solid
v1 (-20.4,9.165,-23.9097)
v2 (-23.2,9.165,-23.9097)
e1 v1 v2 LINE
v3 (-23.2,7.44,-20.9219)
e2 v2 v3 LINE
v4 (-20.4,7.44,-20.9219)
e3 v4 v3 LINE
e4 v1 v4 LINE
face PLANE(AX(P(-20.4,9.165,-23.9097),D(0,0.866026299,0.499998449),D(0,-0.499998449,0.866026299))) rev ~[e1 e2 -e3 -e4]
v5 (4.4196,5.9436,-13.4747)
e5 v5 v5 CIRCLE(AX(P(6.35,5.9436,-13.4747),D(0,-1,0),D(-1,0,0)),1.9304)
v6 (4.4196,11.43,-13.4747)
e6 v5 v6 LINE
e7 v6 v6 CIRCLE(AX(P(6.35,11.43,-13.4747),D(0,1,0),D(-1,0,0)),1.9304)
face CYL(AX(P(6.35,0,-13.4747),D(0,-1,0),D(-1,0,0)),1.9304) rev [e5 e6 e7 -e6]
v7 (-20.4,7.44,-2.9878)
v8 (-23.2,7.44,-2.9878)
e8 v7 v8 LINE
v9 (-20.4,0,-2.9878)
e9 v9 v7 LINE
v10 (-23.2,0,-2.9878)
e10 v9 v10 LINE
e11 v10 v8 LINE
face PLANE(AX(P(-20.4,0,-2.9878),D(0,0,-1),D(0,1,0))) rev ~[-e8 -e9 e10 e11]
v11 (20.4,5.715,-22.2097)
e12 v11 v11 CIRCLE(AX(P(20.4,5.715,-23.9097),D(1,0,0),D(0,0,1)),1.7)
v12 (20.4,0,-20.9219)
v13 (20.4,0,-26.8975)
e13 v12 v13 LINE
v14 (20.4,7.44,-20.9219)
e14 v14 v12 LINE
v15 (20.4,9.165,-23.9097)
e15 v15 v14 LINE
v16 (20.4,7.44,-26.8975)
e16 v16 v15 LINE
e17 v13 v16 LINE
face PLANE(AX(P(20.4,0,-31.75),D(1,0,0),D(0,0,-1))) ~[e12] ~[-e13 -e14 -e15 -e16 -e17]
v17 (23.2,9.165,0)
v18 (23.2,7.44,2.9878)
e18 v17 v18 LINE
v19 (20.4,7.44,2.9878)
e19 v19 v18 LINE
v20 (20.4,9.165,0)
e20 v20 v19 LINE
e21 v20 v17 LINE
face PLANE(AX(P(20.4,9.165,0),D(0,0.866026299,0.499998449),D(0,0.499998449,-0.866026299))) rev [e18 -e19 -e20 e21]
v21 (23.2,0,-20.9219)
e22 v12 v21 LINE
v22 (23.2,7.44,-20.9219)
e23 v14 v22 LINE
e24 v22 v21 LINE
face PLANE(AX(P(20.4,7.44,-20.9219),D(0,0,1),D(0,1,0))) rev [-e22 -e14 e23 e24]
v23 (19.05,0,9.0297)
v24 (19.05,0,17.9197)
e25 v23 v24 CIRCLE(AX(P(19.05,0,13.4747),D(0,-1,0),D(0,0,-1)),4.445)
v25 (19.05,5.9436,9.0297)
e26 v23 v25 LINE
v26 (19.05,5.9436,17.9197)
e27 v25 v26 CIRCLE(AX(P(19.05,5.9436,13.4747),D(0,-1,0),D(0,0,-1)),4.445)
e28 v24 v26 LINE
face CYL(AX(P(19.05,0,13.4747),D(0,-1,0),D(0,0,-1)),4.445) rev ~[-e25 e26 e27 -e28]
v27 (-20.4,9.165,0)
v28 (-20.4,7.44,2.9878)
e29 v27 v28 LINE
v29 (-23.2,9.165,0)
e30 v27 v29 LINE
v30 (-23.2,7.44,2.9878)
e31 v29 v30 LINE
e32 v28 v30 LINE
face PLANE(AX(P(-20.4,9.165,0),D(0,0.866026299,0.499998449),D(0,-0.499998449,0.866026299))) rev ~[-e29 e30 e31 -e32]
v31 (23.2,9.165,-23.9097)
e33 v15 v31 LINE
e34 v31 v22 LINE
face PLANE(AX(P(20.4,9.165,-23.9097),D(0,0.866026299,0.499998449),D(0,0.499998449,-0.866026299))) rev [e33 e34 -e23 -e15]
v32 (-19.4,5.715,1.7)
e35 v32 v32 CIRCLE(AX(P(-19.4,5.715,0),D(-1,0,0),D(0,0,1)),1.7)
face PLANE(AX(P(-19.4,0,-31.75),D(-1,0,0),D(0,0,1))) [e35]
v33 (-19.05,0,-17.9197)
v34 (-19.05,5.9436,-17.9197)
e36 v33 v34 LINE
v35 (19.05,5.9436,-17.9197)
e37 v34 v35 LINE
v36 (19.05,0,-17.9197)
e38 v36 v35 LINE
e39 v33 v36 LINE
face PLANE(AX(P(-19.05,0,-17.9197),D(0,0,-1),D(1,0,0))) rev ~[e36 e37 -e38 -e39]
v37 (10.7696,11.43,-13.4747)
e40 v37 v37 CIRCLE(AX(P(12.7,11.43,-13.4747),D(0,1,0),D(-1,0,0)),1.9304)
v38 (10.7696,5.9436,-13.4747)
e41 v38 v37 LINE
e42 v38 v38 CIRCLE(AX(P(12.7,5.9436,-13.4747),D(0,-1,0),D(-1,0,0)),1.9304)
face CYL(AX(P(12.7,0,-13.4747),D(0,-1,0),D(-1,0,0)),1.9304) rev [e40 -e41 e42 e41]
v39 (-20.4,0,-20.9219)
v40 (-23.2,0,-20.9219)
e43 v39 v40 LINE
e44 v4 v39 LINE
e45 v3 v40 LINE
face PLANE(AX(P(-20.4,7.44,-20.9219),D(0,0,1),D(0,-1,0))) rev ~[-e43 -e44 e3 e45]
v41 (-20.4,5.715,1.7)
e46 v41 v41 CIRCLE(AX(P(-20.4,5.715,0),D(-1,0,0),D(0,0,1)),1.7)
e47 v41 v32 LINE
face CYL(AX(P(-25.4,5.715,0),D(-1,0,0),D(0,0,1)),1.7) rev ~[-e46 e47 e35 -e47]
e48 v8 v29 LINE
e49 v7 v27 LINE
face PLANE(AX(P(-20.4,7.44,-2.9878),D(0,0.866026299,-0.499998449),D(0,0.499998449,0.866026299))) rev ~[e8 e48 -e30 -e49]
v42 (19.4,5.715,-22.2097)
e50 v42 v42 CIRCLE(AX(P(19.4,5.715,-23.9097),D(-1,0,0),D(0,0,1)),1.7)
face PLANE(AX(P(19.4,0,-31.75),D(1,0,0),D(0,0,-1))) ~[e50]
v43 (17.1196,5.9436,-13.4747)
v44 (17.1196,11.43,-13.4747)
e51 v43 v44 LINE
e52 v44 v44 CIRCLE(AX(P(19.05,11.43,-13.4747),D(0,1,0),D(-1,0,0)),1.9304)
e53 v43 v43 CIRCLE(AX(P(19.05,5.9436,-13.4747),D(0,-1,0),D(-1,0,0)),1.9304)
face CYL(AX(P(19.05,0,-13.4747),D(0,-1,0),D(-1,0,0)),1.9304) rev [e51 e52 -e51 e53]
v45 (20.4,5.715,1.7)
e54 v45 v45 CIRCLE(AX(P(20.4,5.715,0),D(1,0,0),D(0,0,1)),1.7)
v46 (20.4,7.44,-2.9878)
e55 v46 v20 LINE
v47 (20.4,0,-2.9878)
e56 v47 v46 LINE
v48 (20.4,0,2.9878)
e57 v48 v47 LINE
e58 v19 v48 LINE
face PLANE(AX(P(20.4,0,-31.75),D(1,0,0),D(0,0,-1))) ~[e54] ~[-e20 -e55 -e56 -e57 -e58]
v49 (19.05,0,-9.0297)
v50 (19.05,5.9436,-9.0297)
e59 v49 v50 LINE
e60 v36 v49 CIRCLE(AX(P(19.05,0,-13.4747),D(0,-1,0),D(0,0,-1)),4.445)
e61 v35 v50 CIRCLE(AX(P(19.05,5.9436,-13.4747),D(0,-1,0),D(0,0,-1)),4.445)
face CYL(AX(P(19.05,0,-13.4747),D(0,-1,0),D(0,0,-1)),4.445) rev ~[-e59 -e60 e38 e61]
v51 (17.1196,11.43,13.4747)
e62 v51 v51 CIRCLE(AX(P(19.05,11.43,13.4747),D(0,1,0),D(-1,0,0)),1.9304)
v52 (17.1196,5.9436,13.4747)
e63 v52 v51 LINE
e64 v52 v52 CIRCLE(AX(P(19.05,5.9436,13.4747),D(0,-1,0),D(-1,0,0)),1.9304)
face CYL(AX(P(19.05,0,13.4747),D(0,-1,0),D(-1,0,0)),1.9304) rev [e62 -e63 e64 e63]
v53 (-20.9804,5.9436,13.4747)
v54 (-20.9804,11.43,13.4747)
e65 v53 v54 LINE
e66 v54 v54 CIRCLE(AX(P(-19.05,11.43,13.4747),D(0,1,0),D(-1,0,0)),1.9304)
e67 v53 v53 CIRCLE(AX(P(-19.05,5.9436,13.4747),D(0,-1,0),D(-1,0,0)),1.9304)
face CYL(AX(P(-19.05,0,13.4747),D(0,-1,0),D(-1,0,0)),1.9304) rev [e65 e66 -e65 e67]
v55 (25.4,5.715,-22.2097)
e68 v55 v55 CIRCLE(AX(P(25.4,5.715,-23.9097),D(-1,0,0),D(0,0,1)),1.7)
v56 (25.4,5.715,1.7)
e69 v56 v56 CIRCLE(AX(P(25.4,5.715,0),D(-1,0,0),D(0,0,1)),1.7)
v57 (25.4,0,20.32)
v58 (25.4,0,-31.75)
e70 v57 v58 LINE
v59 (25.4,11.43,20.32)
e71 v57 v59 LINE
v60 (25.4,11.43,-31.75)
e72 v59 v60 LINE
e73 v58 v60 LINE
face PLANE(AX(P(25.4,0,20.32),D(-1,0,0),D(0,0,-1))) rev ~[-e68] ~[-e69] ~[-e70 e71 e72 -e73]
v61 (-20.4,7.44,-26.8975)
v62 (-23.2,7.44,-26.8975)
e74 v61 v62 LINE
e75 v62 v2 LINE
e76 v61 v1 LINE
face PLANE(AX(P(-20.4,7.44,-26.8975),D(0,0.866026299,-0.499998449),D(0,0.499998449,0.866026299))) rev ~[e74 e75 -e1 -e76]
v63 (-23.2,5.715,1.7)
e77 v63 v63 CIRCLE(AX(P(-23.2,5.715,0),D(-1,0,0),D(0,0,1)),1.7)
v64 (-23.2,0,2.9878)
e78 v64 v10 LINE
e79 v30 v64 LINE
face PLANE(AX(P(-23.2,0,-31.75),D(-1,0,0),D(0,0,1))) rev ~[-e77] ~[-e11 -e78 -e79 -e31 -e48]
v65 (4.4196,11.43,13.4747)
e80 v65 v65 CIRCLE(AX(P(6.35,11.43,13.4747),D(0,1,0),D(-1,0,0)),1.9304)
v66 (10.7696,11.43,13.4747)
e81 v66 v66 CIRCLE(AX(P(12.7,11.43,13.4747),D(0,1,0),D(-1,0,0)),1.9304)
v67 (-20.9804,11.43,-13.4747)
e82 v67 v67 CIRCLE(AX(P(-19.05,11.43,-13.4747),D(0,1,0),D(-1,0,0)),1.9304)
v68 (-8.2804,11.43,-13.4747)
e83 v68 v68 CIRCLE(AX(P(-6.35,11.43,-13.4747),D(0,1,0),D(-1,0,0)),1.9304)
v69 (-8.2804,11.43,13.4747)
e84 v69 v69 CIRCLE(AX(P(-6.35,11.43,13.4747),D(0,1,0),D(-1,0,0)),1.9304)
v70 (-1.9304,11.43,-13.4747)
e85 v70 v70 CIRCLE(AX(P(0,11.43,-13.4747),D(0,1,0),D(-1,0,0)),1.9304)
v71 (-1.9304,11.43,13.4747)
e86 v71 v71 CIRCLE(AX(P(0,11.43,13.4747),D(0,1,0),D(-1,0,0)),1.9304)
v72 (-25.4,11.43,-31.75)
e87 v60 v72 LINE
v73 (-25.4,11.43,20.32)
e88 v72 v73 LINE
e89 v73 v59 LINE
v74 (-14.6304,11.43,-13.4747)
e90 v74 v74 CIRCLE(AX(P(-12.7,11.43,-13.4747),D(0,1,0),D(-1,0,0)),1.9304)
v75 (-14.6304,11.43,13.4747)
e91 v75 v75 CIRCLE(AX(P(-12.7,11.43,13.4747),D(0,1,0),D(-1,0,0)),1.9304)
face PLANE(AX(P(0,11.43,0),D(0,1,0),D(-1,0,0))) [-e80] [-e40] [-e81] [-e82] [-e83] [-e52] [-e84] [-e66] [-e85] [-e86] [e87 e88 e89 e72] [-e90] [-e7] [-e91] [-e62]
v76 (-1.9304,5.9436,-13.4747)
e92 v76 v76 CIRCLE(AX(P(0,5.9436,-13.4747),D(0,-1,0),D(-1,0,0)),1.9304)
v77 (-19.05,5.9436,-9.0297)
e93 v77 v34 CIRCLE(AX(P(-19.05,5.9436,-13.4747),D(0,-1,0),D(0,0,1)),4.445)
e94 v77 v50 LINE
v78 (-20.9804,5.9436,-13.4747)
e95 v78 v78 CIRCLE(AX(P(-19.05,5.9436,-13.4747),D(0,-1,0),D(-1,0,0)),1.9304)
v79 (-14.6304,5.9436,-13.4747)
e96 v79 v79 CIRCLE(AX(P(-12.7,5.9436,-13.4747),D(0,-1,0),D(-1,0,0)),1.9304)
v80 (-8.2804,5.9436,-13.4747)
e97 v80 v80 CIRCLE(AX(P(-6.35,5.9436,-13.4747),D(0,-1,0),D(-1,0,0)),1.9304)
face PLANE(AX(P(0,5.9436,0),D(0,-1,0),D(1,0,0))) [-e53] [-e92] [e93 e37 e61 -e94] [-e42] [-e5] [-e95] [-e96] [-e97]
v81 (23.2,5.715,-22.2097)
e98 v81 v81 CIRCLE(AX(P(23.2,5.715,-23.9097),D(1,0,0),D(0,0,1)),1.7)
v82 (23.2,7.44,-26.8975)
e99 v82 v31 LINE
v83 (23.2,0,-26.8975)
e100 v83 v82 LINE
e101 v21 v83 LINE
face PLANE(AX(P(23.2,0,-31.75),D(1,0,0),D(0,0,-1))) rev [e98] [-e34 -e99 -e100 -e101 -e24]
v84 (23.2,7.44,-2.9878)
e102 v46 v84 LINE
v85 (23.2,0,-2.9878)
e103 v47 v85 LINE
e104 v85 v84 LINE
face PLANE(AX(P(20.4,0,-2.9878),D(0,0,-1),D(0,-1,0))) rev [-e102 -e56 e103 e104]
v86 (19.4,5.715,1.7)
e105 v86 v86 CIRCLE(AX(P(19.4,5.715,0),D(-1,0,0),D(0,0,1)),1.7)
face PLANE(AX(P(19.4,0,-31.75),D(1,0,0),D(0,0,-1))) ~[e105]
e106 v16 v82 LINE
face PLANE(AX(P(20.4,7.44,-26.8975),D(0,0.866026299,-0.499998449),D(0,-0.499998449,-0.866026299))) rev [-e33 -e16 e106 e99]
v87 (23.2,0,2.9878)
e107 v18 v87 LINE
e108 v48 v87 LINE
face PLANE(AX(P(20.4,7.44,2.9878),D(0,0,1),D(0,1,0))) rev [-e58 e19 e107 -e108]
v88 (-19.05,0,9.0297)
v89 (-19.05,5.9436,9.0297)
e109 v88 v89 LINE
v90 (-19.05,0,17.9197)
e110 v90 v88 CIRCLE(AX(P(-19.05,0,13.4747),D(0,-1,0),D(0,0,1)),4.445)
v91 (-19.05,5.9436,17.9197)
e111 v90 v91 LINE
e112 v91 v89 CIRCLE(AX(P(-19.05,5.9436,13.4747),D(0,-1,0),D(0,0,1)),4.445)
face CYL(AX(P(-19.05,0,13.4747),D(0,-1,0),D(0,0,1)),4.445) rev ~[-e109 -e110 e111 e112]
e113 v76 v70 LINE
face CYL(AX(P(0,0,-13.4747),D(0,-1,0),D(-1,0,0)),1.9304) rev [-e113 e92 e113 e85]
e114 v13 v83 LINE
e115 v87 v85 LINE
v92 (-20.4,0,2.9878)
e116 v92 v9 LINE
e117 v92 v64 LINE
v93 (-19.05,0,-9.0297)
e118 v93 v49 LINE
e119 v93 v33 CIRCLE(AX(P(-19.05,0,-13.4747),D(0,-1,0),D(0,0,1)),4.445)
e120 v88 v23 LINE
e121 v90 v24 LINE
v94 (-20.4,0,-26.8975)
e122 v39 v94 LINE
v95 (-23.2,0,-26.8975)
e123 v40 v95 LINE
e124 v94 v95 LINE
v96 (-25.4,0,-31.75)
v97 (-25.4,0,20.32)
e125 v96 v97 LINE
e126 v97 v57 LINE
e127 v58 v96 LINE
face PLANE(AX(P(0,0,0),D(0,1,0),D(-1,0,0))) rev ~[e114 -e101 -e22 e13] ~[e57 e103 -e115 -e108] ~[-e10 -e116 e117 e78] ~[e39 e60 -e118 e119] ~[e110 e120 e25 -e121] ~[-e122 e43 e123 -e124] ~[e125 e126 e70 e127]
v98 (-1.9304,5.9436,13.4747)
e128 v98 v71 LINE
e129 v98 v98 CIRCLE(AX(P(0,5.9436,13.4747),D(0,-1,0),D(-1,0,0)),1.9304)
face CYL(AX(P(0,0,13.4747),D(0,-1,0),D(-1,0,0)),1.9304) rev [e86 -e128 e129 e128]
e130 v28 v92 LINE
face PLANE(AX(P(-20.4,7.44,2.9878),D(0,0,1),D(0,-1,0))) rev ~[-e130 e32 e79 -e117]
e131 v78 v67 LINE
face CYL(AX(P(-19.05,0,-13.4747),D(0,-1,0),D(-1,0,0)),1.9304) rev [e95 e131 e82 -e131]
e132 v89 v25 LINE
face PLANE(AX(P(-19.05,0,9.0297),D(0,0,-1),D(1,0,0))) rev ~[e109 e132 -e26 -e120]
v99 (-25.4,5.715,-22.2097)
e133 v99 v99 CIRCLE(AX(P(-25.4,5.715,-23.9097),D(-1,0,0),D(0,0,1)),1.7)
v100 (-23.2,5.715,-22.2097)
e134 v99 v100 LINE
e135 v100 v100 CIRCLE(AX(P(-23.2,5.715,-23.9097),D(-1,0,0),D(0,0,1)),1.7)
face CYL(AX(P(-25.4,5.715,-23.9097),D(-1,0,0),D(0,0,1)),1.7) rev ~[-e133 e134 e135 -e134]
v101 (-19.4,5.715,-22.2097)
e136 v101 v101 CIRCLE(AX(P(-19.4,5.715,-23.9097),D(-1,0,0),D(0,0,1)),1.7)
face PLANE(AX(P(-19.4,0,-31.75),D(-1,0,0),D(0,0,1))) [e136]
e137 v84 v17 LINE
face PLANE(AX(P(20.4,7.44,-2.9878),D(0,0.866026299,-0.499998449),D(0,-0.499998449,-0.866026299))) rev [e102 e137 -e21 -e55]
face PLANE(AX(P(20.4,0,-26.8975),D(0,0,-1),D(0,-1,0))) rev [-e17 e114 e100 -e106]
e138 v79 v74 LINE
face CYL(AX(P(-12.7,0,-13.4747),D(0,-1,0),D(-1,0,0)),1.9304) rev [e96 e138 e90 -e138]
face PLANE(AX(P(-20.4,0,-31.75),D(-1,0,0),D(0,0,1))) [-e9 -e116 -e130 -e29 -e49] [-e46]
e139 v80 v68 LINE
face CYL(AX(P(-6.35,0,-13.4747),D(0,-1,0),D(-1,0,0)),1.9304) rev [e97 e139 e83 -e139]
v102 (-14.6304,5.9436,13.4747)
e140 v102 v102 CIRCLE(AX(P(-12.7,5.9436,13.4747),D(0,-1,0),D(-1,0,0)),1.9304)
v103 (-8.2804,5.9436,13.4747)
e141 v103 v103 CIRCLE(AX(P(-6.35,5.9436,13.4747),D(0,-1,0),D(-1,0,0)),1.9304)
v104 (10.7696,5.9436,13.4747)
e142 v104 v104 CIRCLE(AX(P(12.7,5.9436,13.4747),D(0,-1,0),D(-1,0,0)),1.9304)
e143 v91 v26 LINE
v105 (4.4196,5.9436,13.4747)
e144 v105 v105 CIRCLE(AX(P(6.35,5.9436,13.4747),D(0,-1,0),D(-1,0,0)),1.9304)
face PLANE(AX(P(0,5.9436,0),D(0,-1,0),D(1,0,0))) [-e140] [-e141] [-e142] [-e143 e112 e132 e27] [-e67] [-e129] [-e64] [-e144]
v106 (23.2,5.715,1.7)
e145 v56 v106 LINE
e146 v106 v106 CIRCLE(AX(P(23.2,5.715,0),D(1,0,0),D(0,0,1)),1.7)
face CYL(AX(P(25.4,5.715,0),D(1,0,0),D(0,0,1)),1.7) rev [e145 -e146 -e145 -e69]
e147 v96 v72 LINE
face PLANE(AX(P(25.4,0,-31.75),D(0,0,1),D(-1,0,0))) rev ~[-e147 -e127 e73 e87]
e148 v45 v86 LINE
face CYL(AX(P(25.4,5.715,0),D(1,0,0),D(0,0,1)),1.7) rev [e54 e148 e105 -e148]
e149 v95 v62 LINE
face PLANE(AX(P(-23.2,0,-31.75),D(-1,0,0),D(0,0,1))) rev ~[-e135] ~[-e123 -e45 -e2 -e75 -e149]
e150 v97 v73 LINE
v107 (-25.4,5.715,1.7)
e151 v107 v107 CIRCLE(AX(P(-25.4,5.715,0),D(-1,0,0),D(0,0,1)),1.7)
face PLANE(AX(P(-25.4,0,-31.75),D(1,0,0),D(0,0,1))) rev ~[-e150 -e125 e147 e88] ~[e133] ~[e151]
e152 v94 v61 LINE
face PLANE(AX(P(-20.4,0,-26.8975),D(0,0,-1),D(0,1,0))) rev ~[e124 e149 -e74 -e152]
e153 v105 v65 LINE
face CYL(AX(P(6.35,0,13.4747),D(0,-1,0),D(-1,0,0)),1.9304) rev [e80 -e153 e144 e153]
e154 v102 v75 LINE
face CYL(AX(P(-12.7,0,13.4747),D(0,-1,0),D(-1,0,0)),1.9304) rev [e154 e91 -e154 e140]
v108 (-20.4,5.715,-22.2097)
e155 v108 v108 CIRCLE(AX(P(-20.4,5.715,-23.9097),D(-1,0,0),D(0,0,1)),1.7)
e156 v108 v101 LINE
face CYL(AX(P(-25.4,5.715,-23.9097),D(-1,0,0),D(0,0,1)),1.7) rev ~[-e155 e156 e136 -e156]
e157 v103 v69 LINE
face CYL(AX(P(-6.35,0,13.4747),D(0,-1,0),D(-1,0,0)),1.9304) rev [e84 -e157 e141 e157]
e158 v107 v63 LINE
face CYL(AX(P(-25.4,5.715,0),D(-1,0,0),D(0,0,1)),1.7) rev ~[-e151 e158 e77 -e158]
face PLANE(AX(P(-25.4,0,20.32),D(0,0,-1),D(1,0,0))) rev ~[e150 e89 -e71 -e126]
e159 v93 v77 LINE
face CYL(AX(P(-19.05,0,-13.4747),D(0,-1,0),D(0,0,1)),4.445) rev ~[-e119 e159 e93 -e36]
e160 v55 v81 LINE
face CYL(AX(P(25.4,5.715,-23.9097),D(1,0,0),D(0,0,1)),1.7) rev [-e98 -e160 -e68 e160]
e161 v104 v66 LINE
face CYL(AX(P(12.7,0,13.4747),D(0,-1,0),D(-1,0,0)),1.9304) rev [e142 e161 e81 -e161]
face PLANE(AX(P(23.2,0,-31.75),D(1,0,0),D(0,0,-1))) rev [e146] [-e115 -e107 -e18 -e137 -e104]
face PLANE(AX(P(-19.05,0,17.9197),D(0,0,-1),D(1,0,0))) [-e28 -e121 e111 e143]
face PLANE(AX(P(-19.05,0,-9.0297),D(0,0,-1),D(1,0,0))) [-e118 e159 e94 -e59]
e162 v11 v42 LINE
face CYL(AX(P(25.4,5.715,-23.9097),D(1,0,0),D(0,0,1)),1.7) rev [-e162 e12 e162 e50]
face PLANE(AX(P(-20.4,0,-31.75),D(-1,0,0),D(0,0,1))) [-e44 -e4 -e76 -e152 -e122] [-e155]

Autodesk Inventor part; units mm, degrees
ref_plane "YZ Plane" through (0, 0, 0) normal (1, 0, 0) x (0, 1, 0)
ref_plane "XZ Plane" through (0, 0, 0) normal (0, 1, 0) x (-1, 0, 0)
ref_plane "XY Plane" through (0, 0, 0) normal (0, 0, 1) x (1, 0, 0)
sketch "Sketch1" plane through (0, 0, 0) normal (0, 1, 0) x (-1, 0, 0)
  line L0 (-25.4, 20.32) -> (-25.4, -31.75)
  line L1 (-25.4, -31.75) -> (25.4, -31.75)
  line L2 (25.4, -31.75) -> (25.4, 20.32)
  line L3 (25.4, 31.75) -> (-25.4, -31.75) construction
  line L4 (-25.4, 31.75) -> (25.4, -31.75) construction
  line L5 (15.875, 13.4747) -> (-15.875, 13.4747) construction
  line L6 (-15.875, -13.4747) -> (15.875, -13.4747) construction
  line L7 (25.4, 20.32) -> (-25.4, 20.32)
  circle A0 centre (0, 13.4747) radius 1.9304
  circle A1 centre (0, -13.4747) radius 1.9304
  circle A2 centre (6.35, 13.4747) radius 1.9304
  circle A3 centre (6.35, -13.4747) radius 1.9304
  circle A4 centre (12.7, 13.4747) radius 1.9304
  circle A5 centre (12.7, -13.4747) radius 1.9304
  circle A6 centre (19.05, 13.4747) radius 1.9304
  circle A7 centre (19.05, -13.4747) radius 1.9304
  circle A8 centre (-6.35, -13.4747) radius 1.9304
  circle A9 centre (-6.35, 13.4747) radius 1.9304
  circle A10 centre (-12.7, -13.4747) radius 1.9304
  circle A11 centre (-12.7, 13.4747) radius 1.9304
  circle A12 centre (-19.05, -13.4747) radius 1.9304
  circle A13 centre (-19.05, 13.4747) radius 1.9304
  point P0 (0, 0)
  dimension "d0" = 50.8
  dimension "d2" = 26.9494
  dimension "d3" = 13.4747
  dimension "d4" = 26.9494
  dimension "d7" = 9.525
  dimension "d49" = 6.8453
  dimension "d50" = 3.8608
  dimension "d51" = 3.8608
  dimension "d54" = 6.35
  dimension "d64" = 6.35
extrude "Extrusion1" add sketch "Sketch1" along normal blind 11.43
sketch "Sketch3" plane through (0, 0, 0) normal (0, -1, 0) x (1, 0, 0)
  line L0 (-15.875, -13.4747) -> (15.875, -13.4747) construction
  line L1 (-15.875, 13.4747) -> (15.875, 13.4747) construction
  circle A0 centre (19.05, 13.4747) radius 1.9304 projected
  arc A1 (19.05, 9.0297) -> (19.05, 17.9197) centre (19.05, 13.4747) ccw
  circle A2 centre (-19.05, 13.4747) radius 1.9304 projected
  arc A3 (-19.05, 17.9197) -> (-19.05, 9.0297) centre (-19.05, 13.4747) ccw
  line L2 (-19.05, 17.9197) -> (19.05, 17.9197)
  line L3 (-19.05, 9.0297) -> (19.05, 9.0297)
  circle A4 centre (19.05, -13.4747) radius 1.9304 projected
  arc A5 (19.05, -17.9197) -> (19.05, -9.0297) centre (19.05, -13.4747) ccw
  circle A6 centre (-19.05, -13.4747) radius 1.9304 projected
  arc A7 (-19.05, -9.0297) -> (-19.05, -17.9197) centre (-19.05, -13.4747) ccw
  line L4 (-19.05, -9.0297) -> (19.05, -9.0297)
  line L5 (-19.05, -17.9197) -> (19.05, -17.9197)
  point P0 (0, 0)
  point P1 (0, -13.4747)
  point P2 (0, 13.4747)
  dimension "d66" = 8.89
  dimension "d67" = 8.89
  dimension "d68" = 8.89
  dimension "d69" = 8.89
extrude "Extrusion3" cut sketch "Sketch3" against normal blind 5.9436
ref_plane "Work Plane2" through (-20.4, 0, -31.75) normal (-1, 0, 0) x (0, 0, 1)
sketch "Sketch5" plane through (-20.4, 0, -31.75) normal (-1, 0, 0) x (0, 0, 1)
  circle A0 centre (31.75, 5.715) radius 3.45 construction
  line L0 (52.07, 0) -> (0, 0) projected
  line L1 (52.07, 11.43) -> (0, 11.43) projected
  line L2 (0, 0) -> (0, 11.43) projected
  line L3 (28.7622, 0) -> (28.7622, 7.44)
  line L4 (28.7622, 7.44) -> (31.75, 9.165)
  line L5 (31.75, 9.165) -> (34.7378, 7.44)
  line L6 (34.7378, 7.44) -> (34.7378, 0)
  line L7 (28.7622, 0) -> (34.7378, 0)
  line L8 (13.8303, 0) -> (13.8303, 5.9436) construction
  line L9 (49.6697, 0) -> (49.6697, 5.9436) construction
  circle A1 centre (7.8403, 5.715) radius 3.45 construction
  line L10 (4.8525, 0) -> (4.8525, 7.44)
  line L11 (4.8525, 7.44) -> (7.8403, 9.165)
  line L12 (7.8403, 9.165) -> (10.8281, 7.44)
  line L13 (10.8281, 7.44) -> (10.8281, 0)
  line L14 (4.8525, 0) -> (10.8281, 0)
  circle A2 centre (7.8403, 5.715) radius 1.7
  circle A3 centre (31.75, 5.715) radius 1.7
  point P0 (31.75, 0)
  dimension "d24" = 6.9
  dimension "d26" = 5.715
  dimension "d29" = 6.9
  dimension "d31" = 5.99
  dimension "d33" = 5.715
  dimension "d37" = 3.4
  dimension "d38" = 3.4
  dimension "d48" = 31.75
extrude "Extrusion4" cut sketch "Sketch5" along normal blind 2.8 contours L0 L10 L11 L12 L13 | L0 L3 L4 L5 L6 | A2 | A3
sketch "Sketch6" plane through (-25.4, 0, -31.75) normal (-1, 0, 0) x (0, 0, 1)
  circle A0 centre (7.8403, 5.715) radius 1.7
  circle A1 centre (31.75, 5.715) radius 1.7
  line L0 (13.8303, 0) -> (13.8303, 5.9436) projected
  line L1 (63.5, 0) -> (63.5, 11.43) projected
  line L2 (49.6697, 0) -> (49.6697, 5.9436) projected
  point P0 (31.75, 0)
  dimension "d40" = 3.4
  dimension "d41" = 3.4
  dimension "d43" = 5.99
extrude "Extrusion5" cut sketch "Sketch6" against normal blind 6
ref_plane "Work Plane3" through (0, 0, -31.75) normal (-1, 0, 0) x (0, 0, 1)
mirror "Mirror1" about plane through (0, 0, -31.75) normal (-1, 0, 0) of "Extrusion4"
mirror "Mirror2" about plane through (0, 0, -31.75) normal (-1, 0, 0) of "Extrusion5"
sketch "Sketch7" plane through (0, 0, 0) normal (0, -1, 0) x (1, 0, 0)
  point P0 (0, 0)
equation "\"d3\" = 0.5 * d2"
equation "\"d4\" = d2"
equation "\"d26\" = 0.5 * d25"
equation "\"d33\" = d26"
equation "\"d43\" = d31"
equation "\"d25\" = 11.43"
properties part number "driven wheel mount to xrail adjustable holes"
